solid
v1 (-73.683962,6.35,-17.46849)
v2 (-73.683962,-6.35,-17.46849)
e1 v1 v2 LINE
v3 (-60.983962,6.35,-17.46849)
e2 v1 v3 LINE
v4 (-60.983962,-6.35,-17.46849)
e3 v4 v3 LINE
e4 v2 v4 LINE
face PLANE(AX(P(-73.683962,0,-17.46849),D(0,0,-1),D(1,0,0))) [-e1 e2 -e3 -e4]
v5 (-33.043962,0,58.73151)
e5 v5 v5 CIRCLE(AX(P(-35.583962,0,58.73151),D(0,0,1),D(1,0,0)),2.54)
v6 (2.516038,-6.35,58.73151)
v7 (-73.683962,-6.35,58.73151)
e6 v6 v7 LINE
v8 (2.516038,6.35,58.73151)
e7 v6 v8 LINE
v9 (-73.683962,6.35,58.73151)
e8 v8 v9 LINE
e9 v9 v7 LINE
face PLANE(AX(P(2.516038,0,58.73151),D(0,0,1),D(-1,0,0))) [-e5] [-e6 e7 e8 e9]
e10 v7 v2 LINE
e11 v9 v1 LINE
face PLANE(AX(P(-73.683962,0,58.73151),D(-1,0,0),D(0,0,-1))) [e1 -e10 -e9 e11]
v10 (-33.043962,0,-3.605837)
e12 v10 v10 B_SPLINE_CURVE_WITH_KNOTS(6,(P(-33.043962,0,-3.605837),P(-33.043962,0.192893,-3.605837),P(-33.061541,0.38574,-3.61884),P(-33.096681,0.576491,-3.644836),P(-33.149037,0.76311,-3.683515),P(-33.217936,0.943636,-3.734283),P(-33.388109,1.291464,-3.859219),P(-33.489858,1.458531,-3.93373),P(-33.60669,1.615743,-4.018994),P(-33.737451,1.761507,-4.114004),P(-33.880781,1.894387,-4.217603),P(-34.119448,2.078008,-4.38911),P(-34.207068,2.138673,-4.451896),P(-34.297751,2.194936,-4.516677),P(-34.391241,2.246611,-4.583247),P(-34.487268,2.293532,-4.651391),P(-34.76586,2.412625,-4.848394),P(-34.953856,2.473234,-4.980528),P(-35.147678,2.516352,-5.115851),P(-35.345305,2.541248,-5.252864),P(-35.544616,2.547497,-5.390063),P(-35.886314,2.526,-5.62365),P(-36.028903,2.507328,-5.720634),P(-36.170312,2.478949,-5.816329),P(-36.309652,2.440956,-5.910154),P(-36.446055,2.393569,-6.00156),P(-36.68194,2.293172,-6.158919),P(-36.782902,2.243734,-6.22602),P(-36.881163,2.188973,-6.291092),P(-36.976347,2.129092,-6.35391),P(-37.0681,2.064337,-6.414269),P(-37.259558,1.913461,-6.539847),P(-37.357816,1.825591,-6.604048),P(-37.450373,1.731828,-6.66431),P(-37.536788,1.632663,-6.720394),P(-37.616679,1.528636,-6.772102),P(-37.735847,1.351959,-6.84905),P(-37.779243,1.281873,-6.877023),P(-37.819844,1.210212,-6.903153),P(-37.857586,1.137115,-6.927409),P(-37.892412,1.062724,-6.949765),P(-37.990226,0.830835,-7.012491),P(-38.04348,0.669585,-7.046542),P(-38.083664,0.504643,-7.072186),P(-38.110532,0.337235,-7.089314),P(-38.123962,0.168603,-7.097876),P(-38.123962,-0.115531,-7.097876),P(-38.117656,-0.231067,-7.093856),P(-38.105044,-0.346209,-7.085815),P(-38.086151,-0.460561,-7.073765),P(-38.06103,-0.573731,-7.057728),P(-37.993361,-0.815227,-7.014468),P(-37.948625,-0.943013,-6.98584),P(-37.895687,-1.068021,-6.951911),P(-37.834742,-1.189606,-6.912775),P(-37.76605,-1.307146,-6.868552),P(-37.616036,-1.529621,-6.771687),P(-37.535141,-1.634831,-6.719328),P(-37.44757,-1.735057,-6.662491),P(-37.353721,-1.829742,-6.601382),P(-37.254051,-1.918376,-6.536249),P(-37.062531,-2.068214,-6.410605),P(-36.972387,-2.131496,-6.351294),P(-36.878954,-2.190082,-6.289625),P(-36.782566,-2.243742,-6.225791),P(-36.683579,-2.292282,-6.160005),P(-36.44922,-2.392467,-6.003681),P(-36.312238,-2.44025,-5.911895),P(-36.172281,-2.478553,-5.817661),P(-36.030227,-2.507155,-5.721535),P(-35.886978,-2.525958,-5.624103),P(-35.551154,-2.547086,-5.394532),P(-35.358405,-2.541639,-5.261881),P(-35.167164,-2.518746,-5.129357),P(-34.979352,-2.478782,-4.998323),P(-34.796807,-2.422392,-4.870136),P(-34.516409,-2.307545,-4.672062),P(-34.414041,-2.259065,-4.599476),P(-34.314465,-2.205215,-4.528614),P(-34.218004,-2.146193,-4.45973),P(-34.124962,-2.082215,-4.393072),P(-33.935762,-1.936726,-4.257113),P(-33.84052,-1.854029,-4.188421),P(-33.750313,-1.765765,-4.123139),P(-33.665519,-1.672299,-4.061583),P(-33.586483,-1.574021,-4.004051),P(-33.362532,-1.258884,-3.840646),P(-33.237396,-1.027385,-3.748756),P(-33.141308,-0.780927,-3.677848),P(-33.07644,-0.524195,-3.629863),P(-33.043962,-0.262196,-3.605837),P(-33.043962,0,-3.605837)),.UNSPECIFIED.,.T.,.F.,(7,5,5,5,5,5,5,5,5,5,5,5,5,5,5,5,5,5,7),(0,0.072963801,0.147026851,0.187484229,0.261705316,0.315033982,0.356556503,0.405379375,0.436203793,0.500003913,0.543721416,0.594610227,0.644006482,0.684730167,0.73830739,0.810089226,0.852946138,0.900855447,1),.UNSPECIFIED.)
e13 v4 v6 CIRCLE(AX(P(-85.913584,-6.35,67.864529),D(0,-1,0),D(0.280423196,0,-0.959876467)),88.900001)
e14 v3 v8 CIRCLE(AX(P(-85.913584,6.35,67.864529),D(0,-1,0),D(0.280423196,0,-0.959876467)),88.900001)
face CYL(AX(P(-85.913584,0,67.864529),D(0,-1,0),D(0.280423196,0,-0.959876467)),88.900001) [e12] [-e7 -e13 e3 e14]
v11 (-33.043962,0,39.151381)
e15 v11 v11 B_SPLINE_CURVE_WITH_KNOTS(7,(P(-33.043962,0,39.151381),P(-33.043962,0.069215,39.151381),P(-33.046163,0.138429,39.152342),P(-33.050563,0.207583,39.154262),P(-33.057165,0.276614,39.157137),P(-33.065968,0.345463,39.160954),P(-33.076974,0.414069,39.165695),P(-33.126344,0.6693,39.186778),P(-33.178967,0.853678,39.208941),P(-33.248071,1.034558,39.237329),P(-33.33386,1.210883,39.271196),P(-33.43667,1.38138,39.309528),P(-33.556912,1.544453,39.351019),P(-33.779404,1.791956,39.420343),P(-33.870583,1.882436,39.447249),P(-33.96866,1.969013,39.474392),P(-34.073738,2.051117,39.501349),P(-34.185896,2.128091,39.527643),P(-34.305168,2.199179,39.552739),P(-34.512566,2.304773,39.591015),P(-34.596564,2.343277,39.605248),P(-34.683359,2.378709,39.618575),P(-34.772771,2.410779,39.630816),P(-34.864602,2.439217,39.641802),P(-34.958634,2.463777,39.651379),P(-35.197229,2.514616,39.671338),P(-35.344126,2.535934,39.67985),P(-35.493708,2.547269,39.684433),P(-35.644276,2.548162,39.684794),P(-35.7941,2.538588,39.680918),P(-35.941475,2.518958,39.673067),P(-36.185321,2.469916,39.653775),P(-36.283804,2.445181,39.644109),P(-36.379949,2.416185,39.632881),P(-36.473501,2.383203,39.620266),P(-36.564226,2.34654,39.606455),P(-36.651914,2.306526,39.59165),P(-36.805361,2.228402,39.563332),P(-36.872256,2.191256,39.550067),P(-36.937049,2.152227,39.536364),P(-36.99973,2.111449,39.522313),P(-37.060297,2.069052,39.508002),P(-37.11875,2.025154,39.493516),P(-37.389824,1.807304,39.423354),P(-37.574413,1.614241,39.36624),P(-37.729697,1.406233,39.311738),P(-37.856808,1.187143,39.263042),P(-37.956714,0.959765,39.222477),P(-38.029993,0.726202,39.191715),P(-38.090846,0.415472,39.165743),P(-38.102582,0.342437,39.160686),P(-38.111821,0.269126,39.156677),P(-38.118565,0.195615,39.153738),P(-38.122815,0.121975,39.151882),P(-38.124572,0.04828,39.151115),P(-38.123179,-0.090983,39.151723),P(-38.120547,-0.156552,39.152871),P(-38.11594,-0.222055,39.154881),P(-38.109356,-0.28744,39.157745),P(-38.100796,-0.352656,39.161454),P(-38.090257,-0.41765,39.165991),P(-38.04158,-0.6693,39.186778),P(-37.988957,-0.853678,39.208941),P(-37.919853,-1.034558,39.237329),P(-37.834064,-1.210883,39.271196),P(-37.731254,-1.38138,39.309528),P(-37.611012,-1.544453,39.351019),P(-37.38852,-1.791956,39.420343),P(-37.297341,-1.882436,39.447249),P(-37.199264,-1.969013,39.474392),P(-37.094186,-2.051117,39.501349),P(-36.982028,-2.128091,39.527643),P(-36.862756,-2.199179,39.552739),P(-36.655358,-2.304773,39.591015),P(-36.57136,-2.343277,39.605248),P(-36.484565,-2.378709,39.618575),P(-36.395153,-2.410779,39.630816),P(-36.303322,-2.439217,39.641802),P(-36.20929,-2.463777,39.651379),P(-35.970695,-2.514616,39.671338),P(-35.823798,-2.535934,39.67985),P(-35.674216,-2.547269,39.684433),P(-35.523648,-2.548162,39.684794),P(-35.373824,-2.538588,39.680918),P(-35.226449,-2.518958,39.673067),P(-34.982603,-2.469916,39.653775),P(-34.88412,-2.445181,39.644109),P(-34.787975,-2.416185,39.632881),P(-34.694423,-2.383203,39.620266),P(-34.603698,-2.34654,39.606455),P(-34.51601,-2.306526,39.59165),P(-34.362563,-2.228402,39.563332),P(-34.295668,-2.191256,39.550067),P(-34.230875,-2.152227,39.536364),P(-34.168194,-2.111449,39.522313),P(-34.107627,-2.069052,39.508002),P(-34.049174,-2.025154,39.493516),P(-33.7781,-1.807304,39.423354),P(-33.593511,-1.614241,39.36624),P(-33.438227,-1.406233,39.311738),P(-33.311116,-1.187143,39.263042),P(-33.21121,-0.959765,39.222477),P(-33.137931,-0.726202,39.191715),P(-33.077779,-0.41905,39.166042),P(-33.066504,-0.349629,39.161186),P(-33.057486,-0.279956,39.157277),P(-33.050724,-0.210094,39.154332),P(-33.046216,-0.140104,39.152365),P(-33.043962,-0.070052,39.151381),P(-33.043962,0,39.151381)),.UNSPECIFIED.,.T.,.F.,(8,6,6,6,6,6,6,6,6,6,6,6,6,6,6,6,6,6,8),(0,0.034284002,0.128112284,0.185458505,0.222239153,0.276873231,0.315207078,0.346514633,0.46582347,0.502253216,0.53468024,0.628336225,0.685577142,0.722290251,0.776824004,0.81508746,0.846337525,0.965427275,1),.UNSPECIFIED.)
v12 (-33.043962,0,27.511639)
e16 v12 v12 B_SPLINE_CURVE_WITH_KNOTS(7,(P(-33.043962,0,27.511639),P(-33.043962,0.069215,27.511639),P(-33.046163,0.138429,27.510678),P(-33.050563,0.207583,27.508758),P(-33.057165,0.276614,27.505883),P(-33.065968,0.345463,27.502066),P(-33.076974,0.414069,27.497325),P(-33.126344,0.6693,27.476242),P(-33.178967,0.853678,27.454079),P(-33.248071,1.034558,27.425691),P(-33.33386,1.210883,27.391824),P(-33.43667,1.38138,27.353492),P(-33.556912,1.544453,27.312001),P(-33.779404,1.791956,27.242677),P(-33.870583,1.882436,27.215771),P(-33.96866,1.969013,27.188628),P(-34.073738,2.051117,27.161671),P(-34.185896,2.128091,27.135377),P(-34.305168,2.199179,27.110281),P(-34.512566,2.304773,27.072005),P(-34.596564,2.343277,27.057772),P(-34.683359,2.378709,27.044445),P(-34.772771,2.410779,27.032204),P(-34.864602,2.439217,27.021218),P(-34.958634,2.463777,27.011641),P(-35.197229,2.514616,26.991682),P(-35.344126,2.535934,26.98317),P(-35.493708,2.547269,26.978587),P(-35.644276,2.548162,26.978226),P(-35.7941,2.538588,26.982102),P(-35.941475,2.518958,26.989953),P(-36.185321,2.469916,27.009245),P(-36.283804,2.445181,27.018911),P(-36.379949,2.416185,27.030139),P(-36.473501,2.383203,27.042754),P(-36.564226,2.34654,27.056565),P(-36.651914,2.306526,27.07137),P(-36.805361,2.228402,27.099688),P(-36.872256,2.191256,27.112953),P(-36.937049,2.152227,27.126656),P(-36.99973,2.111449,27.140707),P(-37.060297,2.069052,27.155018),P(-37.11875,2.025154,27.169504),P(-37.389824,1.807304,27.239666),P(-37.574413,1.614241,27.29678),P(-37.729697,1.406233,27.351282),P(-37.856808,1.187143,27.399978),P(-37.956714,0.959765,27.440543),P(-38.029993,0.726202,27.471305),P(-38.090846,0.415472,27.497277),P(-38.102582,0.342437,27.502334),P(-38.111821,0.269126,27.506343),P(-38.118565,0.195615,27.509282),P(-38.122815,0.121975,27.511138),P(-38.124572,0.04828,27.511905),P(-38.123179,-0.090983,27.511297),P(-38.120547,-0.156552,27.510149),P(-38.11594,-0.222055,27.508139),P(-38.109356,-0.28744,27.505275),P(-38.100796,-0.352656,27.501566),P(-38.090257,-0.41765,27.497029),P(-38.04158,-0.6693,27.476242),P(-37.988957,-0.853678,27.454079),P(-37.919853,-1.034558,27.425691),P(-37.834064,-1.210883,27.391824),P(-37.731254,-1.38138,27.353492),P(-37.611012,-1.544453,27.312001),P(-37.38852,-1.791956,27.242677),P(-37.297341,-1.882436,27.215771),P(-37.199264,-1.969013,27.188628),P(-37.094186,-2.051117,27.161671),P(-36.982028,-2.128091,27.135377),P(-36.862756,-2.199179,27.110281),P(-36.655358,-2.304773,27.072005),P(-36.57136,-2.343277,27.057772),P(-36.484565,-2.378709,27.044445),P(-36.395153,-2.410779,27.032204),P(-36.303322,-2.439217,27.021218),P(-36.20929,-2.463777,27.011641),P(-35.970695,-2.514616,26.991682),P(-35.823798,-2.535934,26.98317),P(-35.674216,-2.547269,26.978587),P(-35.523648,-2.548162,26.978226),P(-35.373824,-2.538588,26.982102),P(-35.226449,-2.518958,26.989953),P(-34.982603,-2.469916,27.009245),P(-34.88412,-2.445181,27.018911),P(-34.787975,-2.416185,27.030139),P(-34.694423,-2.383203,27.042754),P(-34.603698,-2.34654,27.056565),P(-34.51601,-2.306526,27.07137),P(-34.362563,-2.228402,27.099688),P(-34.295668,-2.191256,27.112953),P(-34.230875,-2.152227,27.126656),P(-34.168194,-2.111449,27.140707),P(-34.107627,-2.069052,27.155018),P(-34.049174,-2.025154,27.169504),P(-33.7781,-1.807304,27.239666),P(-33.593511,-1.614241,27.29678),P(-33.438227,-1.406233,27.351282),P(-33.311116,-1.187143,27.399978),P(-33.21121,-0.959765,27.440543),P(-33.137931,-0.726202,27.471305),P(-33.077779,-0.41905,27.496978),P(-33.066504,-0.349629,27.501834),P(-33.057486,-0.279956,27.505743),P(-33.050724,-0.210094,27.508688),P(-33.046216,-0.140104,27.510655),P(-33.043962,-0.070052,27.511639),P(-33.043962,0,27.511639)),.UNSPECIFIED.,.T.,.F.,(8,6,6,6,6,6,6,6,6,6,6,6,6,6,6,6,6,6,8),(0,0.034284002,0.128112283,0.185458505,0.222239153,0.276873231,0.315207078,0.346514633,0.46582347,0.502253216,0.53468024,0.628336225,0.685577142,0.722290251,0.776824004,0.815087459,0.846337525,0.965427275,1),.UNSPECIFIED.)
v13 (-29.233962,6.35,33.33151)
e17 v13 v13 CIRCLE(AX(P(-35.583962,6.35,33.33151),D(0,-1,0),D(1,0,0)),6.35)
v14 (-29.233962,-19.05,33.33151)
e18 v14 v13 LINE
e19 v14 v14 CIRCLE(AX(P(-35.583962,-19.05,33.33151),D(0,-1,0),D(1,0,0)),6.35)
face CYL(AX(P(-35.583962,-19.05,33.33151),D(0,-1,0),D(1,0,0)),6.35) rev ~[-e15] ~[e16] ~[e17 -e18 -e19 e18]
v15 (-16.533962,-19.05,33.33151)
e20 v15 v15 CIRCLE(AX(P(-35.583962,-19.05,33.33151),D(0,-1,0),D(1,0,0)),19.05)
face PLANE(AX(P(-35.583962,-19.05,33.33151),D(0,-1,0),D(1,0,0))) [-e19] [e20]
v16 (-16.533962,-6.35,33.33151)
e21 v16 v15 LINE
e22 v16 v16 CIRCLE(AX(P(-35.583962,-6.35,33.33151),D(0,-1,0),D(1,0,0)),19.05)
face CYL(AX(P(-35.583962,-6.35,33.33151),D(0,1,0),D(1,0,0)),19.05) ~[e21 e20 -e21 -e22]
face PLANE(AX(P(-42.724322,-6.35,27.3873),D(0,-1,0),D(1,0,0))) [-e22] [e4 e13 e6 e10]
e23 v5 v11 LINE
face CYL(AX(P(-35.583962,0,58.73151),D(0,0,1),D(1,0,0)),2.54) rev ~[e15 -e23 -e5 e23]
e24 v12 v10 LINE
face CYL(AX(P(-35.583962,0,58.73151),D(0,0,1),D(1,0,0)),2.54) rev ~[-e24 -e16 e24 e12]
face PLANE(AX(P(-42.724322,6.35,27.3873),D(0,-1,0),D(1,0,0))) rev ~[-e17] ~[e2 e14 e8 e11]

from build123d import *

# Parameters (mm, degrees)
F1_DEPTH = 6.35
F2_R     = 19.05
F3_DEPTH = 12.7
F4_R     = 6.35
F5_DEPTH = 74.422
F6_R     = 2.54
F7_DEPTH = 76.201


with BuildPart() as f1:
    # F0 (on Front) → F1 (new body, symmetric)
    with BuildSketch(Plane.XZ):
        with BuildLine():
            Line((2.516038, 58.73151), (-73.683962, 58.73151))
            Line((-73.683962, 58.73151), (-73.683962, -17.46849))
            Line((-73.683962, -17.46849), (-60.983962, -17.46849))
            ThreePointArc((-60.983962, -17.46849), (-17.618712, 10.952135), (2.516038, 58.73151))
        make_face()
    extrude(amount=F1_DEPTH, both=True)

    # F2 (on face) → F3 (join)
    with BuildSketch(Plane.XZ.offset(6.35)):
        with Locations((-35.583962, 33.33151)):
            Circle(F2_R)
    extrude(amount=F3_DEPTH)

    # F4 (on face) → F5 (cut)
    with BuildSketch(Plane.XZ.offset(19.05)):
        with Locations((-35.583962, 33.33151)):
            Circle(F4_R)
    extrude(amount=-F5_DEPTH, mode=Mode.SUBTRACT)

    # F6 (on face) → F7 (cut, through all)
    with BuildSketch(Plane.XY.offset(58.73151)):
        with Locations((-35.583962, 0)):
            Circle(F6_R)
    extrude(amount=-F7_DEPTH, mode=Mode.SUBTRACT)


solid = f1.part
